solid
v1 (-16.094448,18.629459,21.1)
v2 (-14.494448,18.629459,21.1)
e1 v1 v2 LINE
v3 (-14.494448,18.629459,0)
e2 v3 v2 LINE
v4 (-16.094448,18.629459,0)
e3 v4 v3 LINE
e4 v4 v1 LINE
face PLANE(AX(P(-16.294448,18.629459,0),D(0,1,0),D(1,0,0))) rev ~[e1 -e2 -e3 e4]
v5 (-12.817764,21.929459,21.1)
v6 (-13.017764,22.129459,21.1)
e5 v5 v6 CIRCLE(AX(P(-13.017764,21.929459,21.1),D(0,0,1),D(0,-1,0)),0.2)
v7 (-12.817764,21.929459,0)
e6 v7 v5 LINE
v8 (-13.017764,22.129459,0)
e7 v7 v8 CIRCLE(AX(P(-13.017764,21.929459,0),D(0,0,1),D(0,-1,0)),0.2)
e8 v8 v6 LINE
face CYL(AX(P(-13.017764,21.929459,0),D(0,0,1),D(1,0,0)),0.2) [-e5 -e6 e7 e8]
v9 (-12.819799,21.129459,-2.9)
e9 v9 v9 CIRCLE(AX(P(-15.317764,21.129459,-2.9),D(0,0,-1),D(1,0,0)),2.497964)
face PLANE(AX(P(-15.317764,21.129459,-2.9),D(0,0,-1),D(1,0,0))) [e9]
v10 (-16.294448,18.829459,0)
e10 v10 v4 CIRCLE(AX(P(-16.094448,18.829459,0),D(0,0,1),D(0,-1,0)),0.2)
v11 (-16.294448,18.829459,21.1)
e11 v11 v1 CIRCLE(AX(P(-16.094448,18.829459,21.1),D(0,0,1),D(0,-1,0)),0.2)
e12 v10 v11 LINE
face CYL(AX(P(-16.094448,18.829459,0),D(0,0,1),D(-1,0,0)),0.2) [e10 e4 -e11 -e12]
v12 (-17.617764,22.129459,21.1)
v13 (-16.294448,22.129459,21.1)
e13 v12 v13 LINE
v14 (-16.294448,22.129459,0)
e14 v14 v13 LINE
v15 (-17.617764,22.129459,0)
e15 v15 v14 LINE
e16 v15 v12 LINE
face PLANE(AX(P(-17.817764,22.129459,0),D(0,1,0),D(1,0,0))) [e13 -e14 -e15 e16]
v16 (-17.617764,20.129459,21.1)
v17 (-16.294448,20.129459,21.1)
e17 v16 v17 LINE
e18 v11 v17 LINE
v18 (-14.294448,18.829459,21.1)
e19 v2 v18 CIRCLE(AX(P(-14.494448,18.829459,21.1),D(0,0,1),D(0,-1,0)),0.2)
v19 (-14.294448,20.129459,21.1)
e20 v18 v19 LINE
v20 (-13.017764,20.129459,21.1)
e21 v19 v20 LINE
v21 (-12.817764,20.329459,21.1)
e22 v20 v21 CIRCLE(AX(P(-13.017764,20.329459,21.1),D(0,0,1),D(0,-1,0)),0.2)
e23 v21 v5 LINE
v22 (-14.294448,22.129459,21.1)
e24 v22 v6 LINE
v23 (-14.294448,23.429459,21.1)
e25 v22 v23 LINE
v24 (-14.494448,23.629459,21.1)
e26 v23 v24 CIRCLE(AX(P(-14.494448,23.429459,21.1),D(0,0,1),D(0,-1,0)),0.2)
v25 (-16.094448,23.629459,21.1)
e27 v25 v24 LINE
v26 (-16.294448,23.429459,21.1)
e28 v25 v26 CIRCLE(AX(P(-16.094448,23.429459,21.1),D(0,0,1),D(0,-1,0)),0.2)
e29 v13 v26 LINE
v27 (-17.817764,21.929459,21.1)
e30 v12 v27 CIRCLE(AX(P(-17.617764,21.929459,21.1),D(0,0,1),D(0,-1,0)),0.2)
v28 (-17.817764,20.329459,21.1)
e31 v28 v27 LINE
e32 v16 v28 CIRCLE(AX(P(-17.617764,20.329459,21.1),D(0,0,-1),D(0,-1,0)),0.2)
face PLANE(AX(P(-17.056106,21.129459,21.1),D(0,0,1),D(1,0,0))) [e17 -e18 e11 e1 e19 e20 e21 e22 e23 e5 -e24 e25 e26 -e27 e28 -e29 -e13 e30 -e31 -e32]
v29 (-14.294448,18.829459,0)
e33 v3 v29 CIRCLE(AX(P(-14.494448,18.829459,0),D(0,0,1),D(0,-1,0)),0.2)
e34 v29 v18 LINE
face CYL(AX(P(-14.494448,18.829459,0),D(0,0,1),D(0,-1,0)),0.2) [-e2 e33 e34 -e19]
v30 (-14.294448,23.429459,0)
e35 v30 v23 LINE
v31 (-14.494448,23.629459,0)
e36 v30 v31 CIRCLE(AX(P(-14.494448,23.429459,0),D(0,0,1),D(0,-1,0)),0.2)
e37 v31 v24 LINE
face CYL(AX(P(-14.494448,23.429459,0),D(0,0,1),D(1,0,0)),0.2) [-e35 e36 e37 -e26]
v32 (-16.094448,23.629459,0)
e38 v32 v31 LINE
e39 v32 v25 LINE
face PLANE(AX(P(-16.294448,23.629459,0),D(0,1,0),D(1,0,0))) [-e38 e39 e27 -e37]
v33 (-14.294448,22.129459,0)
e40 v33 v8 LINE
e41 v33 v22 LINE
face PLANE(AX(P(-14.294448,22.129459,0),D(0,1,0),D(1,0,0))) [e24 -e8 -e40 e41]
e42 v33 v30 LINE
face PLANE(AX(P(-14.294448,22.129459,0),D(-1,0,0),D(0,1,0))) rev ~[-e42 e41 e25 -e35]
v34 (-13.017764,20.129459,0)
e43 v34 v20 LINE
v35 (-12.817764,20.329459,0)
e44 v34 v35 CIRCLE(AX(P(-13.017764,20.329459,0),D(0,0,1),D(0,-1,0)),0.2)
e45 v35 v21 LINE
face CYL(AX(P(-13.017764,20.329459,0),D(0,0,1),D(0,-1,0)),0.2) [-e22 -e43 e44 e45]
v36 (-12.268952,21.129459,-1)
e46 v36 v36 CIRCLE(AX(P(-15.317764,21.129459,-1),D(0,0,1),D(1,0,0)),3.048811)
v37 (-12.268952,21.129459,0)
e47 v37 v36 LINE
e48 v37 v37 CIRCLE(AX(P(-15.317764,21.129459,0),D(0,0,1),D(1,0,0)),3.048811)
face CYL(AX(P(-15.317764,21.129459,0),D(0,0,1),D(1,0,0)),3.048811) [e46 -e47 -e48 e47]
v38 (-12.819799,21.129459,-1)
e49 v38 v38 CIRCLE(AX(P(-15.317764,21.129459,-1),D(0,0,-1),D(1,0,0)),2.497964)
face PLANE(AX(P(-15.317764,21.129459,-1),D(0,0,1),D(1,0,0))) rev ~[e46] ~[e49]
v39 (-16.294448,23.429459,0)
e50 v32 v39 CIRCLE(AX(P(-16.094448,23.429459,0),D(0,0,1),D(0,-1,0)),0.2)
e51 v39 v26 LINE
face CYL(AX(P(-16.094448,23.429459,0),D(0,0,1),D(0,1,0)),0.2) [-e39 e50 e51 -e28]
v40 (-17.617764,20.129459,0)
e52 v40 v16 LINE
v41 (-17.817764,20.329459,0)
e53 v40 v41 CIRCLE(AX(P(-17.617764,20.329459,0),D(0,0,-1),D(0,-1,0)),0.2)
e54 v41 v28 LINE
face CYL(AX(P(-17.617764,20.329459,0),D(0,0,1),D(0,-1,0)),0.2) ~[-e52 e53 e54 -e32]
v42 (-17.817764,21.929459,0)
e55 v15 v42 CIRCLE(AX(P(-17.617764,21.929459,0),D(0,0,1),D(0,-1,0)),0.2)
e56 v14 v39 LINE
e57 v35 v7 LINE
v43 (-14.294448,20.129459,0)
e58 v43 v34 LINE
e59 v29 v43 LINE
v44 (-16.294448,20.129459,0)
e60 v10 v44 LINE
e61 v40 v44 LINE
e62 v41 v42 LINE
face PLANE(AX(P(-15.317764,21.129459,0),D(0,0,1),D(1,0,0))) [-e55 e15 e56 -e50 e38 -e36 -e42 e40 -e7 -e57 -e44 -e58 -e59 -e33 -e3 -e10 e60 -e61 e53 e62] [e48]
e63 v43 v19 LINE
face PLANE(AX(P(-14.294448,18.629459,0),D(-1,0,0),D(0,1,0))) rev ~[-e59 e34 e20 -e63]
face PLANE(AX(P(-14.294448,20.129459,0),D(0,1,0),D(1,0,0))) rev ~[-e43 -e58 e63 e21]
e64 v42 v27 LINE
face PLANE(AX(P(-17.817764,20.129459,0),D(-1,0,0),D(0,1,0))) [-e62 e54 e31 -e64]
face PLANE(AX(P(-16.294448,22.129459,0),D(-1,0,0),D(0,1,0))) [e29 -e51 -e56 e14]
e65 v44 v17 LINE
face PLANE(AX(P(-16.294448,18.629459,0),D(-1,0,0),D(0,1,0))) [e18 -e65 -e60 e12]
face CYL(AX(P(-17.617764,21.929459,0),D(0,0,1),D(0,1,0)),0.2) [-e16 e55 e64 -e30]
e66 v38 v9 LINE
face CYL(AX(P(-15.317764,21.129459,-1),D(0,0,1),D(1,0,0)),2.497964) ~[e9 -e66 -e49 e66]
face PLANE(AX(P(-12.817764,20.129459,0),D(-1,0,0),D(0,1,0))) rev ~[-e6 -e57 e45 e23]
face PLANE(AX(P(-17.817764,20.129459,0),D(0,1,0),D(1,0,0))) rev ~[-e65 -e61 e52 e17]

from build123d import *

# Parameters (mm, degrees)
F0_W     = 1.5233159065
F0_H     = 2
F0_W_2   = 2
F0_H_2   = 1.5
F0_W_3   = 1.4766840935
F1_DEPTH = 21.1
F2_R     = 3.0488114631
F3_DEPTH = 1
F4_R     = 2.4979644643
F5_DEPTH = 1.9
F6_R     = 0.2


with BuildPart() as f1:
    # F0 (on Top) → F1 (new body)
    with BuildSketch(Plane.XY):
        with Locations((-17.0561056584, 21.1294589788)):
            Rectangle(F0_W, F0_H)
        with Locations((-15.2944477051, 22.8794589788)):
            Rectangle(F0_W_2, F0_H_2)
        with Locations((-15.2944477051, 21.1294589788)):
            Rectangle(F0_W_2, F0_H)
        with Locations((-13.5561056584, 21.1294589788)):
            Rectangle(F0_W_3, F0_H)
        with Locations((-15.2944477051, 19.3794589788)):
            Rectangle(F0_W_2, F0_H_2)
    extrude(amount=F1_DEPTH)

    # F2 (on Top) → F3 (join)
    with BuildSketch(Plane.XY):
        with Locations((-15.3177636117, 21.1294589788)):
            Circle(F2_R)
    extrude(amount=-F3_DEPTH)

    # F4 (on face) → F5 (join)
    with BuildSketch(Plane(origin=(0, 0, -1), x_dir=(1, 0, 0), z_dir=(0, 0, -1))):
        with Locations((-15.3177636117, -21.1294589788)):
            Circle(F4_R)
    extrude(amount=F5_DEPTH)

    # F6
    f6_edges = [f1.edges().sort_by_distance(p)[0] for p in [
        (-12.817764, 20.129459, 10.55),
        (-12.817764, 22.129459, 10.55),
        (-14.294448, 18.629459, 10.55),
        (-16.294448, 18.629459, 10.55),
        (-17.817764, 20.129459, 10.55),
        (-17.817764, 22.129459, 10.55),
        (-16.294448, 23.629459, 10.55),
        (-14.294448, 23.629459, 10.55),
    ]]
    fillet(f6_edges, radius=F6_R)


solid = f1.part
